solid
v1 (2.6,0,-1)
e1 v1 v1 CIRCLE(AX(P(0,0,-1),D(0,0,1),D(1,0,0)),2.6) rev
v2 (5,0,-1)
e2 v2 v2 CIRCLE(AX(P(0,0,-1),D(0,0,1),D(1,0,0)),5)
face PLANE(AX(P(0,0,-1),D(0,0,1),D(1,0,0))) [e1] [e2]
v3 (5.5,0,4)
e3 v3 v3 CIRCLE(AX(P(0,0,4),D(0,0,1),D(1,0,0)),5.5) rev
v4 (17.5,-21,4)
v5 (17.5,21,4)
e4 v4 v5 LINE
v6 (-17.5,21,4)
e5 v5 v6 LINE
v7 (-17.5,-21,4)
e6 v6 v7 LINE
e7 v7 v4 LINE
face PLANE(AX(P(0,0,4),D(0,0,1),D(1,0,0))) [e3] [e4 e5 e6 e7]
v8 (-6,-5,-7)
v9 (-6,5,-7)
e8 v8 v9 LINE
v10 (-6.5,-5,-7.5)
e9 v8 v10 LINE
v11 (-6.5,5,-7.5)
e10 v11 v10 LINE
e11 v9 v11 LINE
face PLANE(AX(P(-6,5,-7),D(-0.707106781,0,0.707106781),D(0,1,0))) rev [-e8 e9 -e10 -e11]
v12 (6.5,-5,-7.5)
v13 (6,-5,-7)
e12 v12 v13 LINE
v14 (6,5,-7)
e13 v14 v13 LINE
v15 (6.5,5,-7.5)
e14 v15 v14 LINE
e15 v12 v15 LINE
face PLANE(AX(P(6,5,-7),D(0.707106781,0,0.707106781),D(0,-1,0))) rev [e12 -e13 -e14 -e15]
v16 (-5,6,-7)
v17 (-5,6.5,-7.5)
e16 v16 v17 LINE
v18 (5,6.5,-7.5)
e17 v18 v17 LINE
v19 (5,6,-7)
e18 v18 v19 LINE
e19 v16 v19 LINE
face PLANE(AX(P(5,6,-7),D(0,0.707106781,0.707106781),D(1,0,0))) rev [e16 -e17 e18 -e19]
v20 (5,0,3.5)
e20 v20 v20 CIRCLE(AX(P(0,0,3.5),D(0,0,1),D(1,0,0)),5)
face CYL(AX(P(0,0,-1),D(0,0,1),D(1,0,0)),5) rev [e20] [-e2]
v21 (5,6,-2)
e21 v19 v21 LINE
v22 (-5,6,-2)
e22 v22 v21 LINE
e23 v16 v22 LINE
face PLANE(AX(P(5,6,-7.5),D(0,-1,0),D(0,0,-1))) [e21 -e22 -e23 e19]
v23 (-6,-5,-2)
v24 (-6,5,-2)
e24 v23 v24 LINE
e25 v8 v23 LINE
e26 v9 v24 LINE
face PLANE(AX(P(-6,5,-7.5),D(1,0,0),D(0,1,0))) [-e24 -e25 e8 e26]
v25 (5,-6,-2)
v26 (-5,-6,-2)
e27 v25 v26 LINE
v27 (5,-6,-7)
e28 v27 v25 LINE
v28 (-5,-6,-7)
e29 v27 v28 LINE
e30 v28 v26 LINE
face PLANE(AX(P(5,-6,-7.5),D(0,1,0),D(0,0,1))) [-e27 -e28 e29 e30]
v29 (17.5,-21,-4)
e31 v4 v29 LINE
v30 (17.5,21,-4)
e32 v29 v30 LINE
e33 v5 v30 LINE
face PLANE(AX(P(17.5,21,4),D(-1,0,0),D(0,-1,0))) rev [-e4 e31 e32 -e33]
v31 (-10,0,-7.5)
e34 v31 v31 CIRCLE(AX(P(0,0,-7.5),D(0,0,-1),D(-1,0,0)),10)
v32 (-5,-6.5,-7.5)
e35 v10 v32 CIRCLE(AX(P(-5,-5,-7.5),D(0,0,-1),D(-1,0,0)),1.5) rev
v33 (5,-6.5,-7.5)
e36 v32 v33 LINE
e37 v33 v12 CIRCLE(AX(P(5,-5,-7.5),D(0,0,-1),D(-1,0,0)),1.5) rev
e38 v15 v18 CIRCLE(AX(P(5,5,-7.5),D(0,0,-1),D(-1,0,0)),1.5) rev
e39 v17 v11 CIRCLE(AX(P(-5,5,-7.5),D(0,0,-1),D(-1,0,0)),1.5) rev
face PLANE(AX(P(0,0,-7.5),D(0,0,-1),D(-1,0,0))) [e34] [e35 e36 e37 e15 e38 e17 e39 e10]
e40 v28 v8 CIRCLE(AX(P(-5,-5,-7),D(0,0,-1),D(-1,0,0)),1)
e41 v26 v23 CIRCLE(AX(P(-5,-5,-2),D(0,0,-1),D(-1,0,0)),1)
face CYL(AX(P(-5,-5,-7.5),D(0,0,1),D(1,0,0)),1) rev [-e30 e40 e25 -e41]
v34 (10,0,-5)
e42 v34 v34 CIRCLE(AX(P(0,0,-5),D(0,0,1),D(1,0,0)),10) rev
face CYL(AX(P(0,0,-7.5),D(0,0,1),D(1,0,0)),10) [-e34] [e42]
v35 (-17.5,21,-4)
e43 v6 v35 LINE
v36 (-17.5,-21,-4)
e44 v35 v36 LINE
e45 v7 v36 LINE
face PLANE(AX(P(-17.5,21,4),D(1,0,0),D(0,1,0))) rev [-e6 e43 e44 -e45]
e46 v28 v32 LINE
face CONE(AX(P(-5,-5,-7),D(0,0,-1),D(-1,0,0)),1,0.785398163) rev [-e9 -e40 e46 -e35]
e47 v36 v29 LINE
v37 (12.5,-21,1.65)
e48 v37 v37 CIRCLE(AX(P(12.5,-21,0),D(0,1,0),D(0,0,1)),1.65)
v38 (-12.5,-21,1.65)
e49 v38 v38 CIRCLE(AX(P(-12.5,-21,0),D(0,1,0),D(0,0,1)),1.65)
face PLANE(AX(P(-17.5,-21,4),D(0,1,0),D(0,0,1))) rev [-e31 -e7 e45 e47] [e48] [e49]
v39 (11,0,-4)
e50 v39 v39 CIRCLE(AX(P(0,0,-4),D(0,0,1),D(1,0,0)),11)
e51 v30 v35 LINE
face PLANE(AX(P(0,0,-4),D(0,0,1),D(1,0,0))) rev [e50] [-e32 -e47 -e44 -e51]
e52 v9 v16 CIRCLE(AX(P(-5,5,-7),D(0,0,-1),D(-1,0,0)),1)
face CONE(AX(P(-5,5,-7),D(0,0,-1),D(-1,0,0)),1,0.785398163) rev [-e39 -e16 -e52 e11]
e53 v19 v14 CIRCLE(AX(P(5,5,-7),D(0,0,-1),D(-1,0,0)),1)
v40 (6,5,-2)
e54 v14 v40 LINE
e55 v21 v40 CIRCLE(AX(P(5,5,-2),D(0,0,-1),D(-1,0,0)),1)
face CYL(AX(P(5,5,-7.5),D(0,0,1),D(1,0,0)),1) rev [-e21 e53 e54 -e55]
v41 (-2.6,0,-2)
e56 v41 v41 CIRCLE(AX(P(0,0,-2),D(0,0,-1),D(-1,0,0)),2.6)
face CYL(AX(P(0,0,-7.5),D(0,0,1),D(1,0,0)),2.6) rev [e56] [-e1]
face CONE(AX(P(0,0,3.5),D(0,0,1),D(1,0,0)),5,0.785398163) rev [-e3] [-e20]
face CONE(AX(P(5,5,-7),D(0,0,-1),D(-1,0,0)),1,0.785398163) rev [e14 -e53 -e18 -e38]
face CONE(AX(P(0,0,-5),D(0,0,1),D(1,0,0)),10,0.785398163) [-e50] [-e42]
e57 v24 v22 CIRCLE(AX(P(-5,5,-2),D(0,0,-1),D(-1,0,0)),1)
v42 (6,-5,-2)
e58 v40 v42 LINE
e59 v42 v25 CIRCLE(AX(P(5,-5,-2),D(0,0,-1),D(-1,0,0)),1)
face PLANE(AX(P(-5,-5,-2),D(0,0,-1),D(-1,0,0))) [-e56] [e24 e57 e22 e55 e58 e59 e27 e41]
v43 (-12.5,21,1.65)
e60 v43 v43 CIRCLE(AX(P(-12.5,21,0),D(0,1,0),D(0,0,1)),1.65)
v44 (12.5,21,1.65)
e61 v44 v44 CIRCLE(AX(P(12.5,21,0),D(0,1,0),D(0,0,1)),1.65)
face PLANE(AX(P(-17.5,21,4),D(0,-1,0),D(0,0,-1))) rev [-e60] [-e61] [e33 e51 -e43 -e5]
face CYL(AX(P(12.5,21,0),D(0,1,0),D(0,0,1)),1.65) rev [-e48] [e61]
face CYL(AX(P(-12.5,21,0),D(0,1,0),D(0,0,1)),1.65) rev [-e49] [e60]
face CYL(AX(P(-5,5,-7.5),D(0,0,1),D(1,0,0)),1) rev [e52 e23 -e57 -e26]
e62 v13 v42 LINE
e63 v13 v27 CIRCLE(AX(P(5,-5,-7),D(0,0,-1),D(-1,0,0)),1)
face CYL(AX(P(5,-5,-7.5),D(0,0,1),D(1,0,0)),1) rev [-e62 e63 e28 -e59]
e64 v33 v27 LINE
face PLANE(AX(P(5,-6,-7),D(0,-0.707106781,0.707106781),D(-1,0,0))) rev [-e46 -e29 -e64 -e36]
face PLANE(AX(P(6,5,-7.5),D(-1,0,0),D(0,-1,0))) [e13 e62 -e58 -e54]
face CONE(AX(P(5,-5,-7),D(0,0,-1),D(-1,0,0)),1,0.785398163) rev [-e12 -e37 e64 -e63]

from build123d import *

# Parameters (mm, degrees)
SKETCH_1_W          = 35
SKETCH_1_H          = 42
EXTRUDE_1_DEPTH     = 4
SKETCH_4_R          = 10
EXTRUDE_2_DEPTH     = 3.5
CUT_EXTRUDE_2_DEPTH = 2
SKETCH_6_R          = 2.6
CUT_EXTRUDE_3_DEPTH = 12.5
SKETCH_7_R          = 5
CUT_EXTRUDE_4_DEPTH = 5
CHAMFER_1_SIZE      = 0.5
CHAMFER_2_SIZE      = 0.5
CHAMFER_3_SIZE      = 1
HOLE_WIZARD_M4_1_D  = 3.3


with BuildPart() as part:
    # 草图1 → 凸台-拉伸1 (new body, symmetric)
    with BuildSketch(Plane.XY):
        Rectangle(SKETCH_1_W, SKETCH_1_H)
    extrude(amount=EXTRUDE_1_DEPTH, both=True)

    # 草图4 → 凸台-拉伸2 (add)
    with BuildSketch(Plane(origin=(0, 0, -4), x_dir=(-1, 0, 0), z_dir=(0, 0, -1))):
        Circle(SKETCH_4_R)
        with BuildLine():
            Line((-5, 6), (5, 6))
            ThreePointArc((5, 6), (5.707106781, 5.707106781), (6, 5))
            Line((6, 5), (6, -5))
            ThreePointArc((6, -5), (5.707106781, -5.707106781), (5, -6))
            Line((5, -6), (-5, -6))
            ThreePointArc((-5, -6), (-5.707106781, -5.707106781), (-6, -5))
            Line((-6, -5), (-6, 5))
            ThreePointArc((-6, 5), (-5.707106781, 5.707106781), (-5, 6))
        make_face(mode=Mode.SUBTRACT)
    extrude(amount=EXTRUDE_2_DEPTH)

    # 草图5 → 切除-拉伸2 (cut)
    with BuildSketch(Plane(origin=(0, 0, -4), x_dir=(-1, 0, 0), z_dir=(0, 0, -1))):
        with BuildLine():
            Line((6, -5), (6, 5))
            ThreePointArc((6, 5), (5.707106781, 5.707106781), (5, 6))
            Line((5, 6), (-5, 6))
            ThreePointArc((-5, 6), (-5.707106781, 5.707106781), (-6, 5))
            Line((-6, 5), (-6, -5))
            ThreePointArc((-6, -5), (-5.707106781, -5.707106781), (-5, -6))
            Line((-5, -6), (5, -6))
            ThreePointArc((5, -6), (5.707106781, -5.707106781), (6, -5))
        make_face()
    extrude(amount=-CUT_EXTRUDE_2_DEPTH, mode=Mode.SUBTRACT)

    # 草图6 → 切除-拉伸3 (cut, through all)
    with BuildSketch(Plane.XY.offset(4)):
        Circle(SKETCH_6_R)
    extrude(amount=-CUT_EXTRUDE_3_DEPTH, mode=Mode.SUBTRACT)

    # 草图7 → 切除-拉伸4 (cut)
    with BuildSketch(Plane.XY.offset(4)):
        Circle(SKETCH_7_R)
    extrude(amount=-CUT_EXTRUDE_4_DEPTH, mode=Mode.SUBTRACT)

    # 倒角1
    chamfer_1_edges = [part.edges().sort_by_distance(p)[0] for p in [
        (-5.707106781, 5.707106781, -7.5),
        (0, 6, -7.5),
        (5.707106781, 5.707106781, -7.5),
        (6, 0, -7.5),
        (5.707106781, -5.707106781, -7.5),
        (0, -6, -7.5),
        (-5.707106781, -5.707106781, -7.5),
        (-6, 0, -7.5),
    ]]
    chamfer(chamfer_1_edges, length=CHAMFER_1_SIZE)

    # 倒角2
    chamfer_2_edges = [part.edges().sort_by_distance(p)[0] for p in [
        (-5, 0, 4),
    ]]
    chamfer(chamfer_2_edges, length=CHAMFER_2_SIZE)

    # 倒角3
    chamfer_3_edges = [part.edges().sort_by_distance(p)[0] for p in [
        (10, 0, -4),
    ]]
    chamfer(chamfer_3_edges, length=CHAMFER_3_SIZE)

    # M4 螺纹孔1 (through all)
    with Locations(Plane(origin=(0, 21, 0), x_dir=(1, 0, 0), z_dir=(0, 1, 0))):
        with Locations((-12.5, 0), (12.5, 0)):
            Hole(HOLE_WIZARD_M4_1_D / 2)


solid = part.part
